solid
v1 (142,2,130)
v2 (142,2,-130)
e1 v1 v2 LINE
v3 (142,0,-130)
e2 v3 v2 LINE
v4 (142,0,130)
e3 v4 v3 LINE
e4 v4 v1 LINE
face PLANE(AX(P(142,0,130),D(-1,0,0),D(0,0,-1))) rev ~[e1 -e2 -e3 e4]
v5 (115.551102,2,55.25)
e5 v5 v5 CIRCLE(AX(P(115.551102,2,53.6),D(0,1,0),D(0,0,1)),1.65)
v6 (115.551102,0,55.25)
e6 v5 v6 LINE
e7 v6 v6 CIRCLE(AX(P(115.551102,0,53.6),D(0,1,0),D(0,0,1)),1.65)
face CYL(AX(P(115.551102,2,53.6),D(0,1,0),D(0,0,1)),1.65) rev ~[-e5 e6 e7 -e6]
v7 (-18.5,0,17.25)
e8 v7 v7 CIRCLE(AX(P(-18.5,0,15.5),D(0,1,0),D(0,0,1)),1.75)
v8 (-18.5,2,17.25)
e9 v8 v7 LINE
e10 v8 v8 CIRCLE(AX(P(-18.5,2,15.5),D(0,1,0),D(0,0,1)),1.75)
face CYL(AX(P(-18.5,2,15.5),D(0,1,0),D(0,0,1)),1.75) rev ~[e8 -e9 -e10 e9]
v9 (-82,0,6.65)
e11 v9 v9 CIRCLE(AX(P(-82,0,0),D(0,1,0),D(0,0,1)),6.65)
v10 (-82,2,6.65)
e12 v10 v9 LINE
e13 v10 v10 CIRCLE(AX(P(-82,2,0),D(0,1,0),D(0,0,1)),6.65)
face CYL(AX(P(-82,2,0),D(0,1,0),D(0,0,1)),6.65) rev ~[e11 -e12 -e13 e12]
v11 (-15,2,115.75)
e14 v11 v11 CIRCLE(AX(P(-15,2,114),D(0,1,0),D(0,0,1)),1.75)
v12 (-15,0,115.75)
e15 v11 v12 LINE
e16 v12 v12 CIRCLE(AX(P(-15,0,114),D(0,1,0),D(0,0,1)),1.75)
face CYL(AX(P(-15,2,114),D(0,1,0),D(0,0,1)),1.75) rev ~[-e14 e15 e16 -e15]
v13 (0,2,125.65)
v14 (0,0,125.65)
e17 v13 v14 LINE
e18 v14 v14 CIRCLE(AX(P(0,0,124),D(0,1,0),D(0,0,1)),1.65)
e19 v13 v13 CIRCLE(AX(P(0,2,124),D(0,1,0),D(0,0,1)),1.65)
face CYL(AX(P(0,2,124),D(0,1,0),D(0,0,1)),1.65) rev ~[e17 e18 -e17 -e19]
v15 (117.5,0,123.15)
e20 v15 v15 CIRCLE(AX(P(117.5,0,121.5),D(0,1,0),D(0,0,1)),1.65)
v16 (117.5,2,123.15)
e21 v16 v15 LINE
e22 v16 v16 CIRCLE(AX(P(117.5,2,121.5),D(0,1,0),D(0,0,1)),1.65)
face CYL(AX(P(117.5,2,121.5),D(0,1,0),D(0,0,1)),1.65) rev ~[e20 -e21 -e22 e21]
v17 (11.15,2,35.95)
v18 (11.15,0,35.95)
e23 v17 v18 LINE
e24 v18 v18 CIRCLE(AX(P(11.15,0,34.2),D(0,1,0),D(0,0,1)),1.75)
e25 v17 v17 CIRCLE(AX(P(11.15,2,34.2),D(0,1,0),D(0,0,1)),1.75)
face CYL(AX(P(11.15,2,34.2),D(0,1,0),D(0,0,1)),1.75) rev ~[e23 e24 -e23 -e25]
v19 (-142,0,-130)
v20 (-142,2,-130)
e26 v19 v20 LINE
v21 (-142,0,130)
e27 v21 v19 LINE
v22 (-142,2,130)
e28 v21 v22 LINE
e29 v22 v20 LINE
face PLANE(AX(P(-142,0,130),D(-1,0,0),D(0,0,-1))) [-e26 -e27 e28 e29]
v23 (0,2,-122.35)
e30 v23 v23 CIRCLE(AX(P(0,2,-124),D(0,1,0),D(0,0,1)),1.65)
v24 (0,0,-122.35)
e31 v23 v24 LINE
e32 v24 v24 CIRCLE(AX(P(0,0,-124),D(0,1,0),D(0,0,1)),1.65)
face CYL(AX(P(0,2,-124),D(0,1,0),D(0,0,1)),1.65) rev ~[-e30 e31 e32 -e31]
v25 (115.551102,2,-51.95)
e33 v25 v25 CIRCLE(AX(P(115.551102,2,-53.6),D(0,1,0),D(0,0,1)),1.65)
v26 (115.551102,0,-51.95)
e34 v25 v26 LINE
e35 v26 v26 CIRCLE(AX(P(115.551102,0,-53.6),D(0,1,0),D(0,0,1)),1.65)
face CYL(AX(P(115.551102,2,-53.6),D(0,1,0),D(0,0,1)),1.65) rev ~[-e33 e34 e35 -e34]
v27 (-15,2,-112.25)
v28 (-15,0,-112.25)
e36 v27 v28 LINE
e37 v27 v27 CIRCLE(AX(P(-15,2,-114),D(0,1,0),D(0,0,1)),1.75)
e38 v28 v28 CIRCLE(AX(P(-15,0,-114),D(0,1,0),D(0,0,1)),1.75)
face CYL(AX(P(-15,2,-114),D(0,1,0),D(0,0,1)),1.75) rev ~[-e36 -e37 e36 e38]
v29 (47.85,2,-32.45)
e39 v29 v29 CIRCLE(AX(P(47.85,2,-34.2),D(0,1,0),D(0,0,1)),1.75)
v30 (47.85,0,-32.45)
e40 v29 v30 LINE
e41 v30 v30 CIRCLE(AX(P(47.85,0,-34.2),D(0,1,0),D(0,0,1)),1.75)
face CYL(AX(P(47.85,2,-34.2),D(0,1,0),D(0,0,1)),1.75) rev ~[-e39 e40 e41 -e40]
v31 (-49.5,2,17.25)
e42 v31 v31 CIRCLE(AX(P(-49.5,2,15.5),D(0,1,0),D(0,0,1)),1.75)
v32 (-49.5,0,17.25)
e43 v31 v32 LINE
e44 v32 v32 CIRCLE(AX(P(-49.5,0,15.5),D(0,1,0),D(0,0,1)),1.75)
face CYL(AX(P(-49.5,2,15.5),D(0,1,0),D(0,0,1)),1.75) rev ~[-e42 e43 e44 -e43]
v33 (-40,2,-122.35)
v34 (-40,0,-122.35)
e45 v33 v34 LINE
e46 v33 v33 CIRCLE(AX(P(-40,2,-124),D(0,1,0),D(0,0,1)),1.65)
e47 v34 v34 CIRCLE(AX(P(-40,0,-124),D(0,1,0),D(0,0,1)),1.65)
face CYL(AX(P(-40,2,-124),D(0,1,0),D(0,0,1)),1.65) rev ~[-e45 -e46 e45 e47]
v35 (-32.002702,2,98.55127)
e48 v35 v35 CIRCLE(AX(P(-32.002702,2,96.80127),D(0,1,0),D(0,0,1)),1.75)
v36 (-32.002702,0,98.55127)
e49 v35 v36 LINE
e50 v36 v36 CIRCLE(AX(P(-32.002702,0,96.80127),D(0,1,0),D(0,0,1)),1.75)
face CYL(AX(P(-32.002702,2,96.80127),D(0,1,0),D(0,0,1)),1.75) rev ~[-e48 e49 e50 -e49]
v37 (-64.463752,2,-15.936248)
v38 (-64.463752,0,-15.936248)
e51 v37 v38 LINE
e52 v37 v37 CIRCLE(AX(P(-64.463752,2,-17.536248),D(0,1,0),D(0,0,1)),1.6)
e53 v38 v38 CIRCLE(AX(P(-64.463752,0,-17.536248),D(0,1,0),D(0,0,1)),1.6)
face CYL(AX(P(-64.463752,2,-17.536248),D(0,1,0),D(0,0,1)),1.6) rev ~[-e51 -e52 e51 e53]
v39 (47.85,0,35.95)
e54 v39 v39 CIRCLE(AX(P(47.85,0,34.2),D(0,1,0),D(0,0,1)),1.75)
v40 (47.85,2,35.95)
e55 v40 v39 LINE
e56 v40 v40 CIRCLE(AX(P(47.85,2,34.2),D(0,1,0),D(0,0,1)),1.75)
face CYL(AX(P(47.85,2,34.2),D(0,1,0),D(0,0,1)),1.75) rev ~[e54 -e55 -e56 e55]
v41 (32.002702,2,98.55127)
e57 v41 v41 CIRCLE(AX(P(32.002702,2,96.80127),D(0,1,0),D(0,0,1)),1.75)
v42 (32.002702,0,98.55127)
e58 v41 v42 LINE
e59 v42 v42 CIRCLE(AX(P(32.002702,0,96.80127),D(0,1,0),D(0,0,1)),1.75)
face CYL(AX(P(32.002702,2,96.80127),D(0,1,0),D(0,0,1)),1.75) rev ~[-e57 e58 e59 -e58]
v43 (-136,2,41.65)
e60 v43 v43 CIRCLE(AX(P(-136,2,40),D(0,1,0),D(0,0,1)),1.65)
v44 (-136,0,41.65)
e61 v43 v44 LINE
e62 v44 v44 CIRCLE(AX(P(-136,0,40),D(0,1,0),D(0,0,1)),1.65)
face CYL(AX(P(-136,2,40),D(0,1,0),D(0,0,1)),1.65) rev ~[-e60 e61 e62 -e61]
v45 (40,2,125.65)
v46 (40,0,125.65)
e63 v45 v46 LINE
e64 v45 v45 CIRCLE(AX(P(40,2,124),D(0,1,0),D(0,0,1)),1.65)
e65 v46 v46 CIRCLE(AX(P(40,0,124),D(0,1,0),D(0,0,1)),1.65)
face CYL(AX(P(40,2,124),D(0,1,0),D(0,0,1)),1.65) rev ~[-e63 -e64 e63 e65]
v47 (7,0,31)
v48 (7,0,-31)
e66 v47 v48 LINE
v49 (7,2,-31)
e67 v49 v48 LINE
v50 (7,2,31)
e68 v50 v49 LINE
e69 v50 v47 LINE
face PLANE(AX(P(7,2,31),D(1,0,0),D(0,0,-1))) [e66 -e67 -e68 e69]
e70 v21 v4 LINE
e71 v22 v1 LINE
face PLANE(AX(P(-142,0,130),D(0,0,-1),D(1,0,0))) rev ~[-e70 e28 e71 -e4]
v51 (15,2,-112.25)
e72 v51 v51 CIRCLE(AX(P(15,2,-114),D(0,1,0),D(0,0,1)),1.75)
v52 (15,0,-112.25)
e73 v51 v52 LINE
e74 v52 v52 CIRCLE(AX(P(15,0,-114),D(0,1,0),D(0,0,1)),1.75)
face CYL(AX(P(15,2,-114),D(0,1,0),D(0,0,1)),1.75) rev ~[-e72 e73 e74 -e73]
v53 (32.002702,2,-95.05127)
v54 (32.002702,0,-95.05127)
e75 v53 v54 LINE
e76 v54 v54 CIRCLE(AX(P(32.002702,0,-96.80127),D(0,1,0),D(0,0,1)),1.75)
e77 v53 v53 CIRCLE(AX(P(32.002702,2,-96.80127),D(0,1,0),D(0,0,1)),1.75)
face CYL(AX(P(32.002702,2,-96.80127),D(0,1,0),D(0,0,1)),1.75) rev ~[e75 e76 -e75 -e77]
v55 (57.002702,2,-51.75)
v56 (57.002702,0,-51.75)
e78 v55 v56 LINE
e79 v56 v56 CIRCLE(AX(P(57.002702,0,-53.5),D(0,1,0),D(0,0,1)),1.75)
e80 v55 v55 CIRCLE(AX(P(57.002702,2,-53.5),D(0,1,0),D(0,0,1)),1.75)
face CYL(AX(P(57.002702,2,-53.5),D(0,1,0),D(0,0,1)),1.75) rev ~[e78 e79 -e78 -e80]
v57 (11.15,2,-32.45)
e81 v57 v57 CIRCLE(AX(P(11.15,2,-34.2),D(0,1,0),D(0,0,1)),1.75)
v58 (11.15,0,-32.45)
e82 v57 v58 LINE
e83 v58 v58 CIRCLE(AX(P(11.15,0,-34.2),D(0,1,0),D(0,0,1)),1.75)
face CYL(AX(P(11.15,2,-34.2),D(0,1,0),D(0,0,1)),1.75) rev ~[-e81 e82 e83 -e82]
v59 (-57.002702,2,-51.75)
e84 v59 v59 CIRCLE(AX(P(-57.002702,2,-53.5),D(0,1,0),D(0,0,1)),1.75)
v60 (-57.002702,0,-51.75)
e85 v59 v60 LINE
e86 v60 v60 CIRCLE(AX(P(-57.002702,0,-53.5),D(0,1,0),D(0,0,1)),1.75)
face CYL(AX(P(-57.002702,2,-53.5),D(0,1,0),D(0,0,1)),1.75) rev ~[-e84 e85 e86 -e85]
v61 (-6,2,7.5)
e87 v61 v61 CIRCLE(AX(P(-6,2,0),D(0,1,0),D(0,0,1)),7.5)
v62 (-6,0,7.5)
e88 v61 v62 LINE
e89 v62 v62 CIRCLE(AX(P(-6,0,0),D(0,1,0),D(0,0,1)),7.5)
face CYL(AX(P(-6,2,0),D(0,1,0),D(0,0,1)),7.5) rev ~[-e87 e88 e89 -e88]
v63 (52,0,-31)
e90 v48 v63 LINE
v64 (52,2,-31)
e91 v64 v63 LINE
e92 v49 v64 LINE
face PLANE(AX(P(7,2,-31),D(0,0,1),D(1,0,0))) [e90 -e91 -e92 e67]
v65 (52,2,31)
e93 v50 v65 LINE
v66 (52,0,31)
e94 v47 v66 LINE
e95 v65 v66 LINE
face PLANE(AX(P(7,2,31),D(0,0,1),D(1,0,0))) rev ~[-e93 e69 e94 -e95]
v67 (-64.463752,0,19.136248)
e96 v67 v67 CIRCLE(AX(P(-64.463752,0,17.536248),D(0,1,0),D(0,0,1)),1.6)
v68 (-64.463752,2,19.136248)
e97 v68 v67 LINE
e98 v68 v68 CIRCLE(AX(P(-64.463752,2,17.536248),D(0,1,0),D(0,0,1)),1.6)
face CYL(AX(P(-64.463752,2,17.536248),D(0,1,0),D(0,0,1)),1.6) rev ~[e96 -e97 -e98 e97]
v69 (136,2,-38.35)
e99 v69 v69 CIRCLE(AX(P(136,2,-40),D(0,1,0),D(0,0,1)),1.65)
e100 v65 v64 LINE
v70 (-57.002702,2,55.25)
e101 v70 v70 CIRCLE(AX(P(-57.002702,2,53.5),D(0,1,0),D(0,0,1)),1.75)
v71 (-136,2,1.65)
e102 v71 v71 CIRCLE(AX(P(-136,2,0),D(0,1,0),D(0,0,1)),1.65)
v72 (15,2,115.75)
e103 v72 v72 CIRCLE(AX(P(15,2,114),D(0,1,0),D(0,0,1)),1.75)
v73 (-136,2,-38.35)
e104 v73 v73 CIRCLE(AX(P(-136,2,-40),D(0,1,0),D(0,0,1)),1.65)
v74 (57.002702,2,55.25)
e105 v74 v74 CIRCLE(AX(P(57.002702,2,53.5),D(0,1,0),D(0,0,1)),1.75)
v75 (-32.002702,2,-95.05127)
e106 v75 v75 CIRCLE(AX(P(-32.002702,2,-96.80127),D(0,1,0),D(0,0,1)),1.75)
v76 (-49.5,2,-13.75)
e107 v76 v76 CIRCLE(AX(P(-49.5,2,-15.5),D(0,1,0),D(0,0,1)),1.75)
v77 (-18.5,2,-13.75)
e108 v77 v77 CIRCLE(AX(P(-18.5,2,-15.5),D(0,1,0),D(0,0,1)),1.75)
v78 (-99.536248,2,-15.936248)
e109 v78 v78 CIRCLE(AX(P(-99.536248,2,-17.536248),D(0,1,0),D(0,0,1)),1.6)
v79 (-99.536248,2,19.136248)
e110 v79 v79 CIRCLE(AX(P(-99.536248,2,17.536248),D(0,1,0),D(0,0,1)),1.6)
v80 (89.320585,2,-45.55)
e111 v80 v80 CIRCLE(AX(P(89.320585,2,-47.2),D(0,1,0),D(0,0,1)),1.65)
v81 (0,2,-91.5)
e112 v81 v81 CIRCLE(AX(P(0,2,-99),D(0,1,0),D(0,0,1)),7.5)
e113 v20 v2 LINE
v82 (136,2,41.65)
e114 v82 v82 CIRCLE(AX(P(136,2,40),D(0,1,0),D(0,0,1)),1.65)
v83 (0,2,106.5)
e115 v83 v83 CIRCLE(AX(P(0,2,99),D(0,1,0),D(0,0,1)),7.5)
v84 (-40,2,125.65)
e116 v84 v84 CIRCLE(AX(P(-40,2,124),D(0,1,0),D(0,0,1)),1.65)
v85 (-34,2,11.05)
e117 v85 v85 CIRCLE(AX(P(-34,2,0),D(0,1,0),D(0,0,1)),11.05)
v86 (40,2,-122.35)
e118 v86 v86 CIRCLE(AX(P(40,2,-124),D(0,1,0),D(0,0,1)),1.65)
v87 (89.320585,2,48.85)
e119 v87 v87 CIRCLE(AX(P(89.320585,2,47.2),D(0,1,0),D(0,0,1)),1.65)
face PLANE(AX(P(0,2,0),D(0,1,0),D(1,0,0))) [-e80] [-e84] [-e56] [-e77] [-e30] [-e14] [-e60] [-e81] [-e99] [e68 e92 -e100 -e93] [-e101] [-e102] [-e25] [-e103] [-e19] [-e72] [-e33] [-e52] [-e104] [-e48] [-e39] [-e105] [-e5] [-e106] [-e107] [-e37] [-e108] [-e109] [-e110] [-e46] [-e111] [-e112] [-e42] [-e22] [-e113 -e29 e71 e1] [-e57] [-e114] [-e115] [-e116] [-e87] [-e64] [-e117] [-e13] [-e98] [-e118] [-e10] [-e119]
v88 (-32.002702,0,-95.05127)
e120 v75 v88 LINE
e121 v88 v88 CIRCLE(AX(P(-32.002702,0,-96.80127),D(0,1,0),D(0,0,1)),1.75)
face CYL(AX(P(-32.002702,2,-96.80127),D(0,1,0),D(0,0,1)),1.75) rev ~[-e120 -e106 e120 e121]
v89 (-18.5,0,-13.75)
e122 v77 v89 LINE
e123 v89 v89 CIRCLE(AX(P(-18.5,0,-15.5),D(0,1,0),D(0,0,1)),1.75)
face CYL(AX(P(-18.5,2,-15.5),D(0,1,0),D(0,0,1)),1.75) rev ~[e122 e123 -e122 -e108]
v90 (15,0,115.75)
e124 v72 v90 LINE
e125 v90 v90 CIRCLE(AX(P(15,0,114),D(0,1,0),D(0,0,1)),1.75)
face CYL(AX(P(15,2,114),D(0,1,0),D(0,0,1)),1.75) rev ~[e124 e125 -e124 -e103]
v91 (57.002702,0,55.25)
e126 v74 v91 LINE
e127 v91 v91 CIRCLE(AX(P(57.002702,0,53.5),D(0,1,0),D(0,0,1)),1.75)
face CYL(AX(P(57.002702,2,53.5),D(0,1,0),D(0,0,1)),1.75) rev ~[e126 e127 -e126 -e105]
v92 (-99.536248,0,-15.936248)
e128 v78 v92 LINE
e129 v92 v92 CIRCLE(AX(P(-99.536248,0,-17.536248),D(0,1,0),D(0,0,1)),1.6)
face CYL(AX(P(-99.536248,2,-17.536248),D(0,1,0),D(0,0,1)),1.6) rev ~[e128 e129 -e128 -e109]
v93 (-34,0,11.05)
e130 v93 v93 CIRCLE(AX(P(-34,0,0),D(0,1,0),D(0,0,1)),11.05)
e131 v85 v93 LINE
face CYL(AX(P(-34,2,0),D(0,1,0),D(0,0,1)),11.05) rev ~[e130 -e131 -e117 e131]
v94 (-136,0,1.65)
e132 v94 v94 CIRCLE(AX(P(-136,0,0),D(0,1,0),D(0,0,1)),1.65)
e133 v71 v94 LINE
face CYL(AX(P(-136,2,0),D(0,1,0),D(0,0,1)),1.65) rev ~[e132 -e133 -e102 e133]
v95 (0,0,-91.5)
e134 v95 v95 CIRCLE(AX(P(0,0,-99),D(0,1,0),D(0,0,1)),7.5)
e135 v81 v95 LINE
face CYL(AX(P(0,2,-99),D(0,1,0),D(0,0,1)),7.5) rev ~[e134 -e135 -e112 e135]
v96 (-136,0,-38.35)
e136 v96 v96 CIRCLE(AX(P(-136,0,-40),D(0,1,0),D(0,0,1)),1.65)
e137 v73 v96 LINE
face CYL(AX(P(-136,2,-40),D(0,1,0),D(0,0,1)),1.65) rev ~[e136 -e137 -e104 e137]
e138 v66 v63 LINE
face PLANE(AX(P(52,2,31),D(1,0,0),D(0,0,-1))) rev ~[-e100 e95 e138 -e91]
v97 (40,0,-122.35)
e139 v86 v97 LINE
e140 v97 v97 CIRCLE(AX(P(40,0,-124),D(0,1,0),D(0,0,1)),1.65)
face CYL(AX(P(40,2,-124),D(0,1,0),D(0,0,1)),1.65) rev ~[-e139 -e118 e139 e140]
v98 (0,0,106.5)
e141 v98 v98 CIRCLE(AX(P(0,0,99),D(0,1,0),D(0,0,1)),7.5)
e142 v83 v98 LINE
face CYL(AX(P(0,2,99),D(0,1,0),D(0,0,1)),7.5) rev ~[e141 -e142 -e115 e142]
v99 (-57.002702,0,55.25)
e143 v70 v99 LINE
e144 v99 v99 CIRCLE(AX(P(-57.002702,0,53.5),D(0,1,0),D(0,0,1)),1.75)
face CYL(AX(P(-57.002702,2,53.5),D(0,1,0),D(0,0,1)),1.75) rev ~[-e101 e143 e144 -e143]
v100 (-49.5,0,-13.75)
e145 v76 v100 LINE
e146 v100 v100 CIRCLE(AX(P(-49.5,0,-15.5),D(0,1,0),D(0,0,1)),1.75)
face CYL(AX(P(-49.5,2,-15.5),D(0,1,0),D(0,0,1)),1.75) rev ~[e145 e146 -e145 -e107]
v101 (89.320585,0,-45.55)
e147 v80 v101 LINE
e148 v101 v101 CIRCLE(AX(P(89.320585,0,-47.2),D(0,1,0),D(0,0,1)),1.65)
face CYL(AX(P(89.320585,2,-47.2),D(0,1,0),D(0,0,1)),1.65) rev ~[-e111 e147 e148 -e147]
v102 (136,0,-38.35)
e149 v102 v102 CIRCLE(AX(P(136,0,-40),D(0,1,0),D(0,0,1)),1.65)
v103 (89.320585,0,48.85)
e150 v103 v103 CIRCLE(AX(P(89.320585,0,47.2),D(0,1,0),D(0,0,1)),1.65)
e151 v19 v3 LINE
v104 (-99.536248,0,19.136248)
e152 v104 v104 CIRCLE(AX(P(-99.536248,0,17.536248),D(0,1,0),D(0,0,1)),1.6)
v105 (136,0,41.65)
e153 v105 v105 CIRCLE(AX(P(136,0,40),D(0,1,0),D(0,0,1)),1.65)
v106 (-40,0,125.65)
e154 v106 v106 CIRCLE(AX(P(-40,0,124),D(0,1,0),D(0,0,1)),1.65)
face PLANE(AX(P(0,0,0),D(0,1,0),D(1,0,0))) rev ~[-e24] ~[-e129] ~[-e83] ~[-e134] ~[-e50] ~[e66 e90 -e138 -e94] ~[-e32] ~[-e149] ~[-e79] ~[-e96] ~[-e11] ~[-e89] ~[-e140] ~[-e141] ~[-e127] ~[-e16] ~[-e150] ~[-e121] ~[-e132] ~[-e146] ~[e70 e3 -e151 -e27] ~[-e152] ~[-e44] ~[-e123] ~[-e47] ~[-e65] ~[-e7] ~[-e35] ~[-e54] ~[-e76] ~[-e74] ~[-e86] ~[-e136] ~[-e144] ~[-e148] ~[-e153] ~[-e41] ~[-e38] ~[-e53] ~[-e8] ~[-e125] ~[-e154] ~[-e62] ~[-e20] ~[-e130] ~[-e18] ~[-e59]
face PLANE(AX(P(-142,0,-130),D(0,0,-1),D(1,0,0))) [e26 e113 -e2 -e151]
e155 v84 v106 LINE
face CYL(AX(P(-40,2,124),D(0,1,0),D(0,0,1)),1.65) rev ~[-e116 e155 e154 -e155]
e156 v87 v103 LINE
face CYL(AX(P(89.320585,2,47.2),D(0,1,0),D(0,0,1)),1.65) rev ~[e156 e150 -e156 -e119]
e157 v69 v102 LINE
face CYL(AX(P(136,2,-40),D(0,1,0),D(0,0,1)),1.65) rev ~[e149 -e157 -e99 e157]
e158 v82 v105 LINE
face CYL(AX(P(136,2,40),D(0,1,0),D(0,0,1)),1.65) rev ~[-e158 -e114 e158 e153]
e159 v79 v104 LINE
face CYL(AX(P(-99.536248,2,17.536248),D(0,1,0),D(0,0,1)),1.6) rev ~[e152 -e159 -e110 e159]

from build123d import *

# Parameters (mm, degrees)
SKETCH_1_W          = 284
SKETCH_1_H          = 260
EXTRUDE_1_DEPTH     = 2
SKETCH_2_R          = 6.65
SKETCH_2_R_2        = 1.6
SKETCH_2_R_3        = 11.05
SKETCH_2_R_4        = 1.75
SKETCH_2_R_5        = 1.65
SKETCH_2_W          = 45
SKETCH_2_H          = 62
CUT_EXTRUDE_1_DEPTH = 10
SKETCH_3_R          = 1.75
CUT_EXTRUDE_2_DEPTH = 10
SKETCH_4_R          = 7.5
CUT_EXTRUDE_3_DEPTH = 10
SKETCH_5_R          = 1.75
CUT_EXTRUDE_4_DEPTH = 4.5


with BuildPart() as part:
    # 草图1 → 凸台-拉伸1 (new body)
    with BuildSketch(Plane(origin=(0, 0, 0), x_dir=(1, 0, 0), z_dir=(0, 1, 0))):
        Rectangle(SKETCH_1_W, SKETCH_1_H)
    extrude(amount=EXTRUDE_1_DEPTH)

    # 草图2 → 切除-拉伸1 (cut)
    with BuildSketch(Plane(origin=(0, 2, 0), x_dir=(1, 0, 0), z_dir=(0, 1, 0))):
        with Locations(Location((-82, 0, 0), (0, 0, 270))):
            Circle(SKETCH_2_R)
        with Locations(Location((-99.536248173, 17.536248173, 0), (0, 0, 270))):
            Circle(SKETCH_2_R_2)
        with Locations(Location((-64.463751827, 17.536248173, 0), (0, 0, 270))):
            Circle(SKETCH_2_R_2)
        with Locations(Location((-64.463751827, -17.536248173, 0), (0, 0, 270))):
            Circle(SKETCH_2_R_2)
        with Locations(Location((-99.536248173, -17.536248173, 0), (0, 0, 270))):
            Circle(SKETCH_2_R_2)
        with Locations(Location((-34, 0, 0), (0, 0, 270))):
            Circle(SKETCH_2_R_3)
        with Locations(Location((-18.5, 15.5, 0), (0, 0, 270))):
            Circle(SKETCH_2_R_4)
        with Locations(Location((-18.5, -15.5, 0), (0, 0, 270))):
            Circle(SKETCH_2_R_4)
        with Locations(Location((-49.5, -15.5, 0), (0, 0, 270))):
            Circle(SKETCH_2_R_4)
        with Locations(Location((-49.5, 15.5, 0), (0, 0, 270))):
            Circle(SKETCH_2_R_4)
        with Locations(Location((-40, 124, 0), (0, 0, 270))):
            Circle(SKETCH_2_R_5)
        with Locations(Location((0, 124, 0), (0, 0, 270))):
            Circle(SKETCH_2_R_5)
        with Locations(Location((40, 124, 0), (0, 0, 270))):
            Circle(SKETCH_2_R_5)
        with Locations(Location((117.5, -121.5, 0), (0, 0, 270))):
            Circle(SKETCH_2_R_5)
        with Locations(Location((40, -124, 0), (0, 0, 270))):
            Circle(SKETCH_2_R_5)
        with Locations(Location((0, -124, 0), (0, 0, 270))):
            Circle(SKETCH_2_R_5)
        with Locations(Location((-40, -124, 0), (0, 0, 270))):
            Circle(SKETCH_2_R_5)
        with Locations(Location((-136, 40, 0), (0, 0, 270))):
            Circle(SKETCH_2_R_5)
        with Locations(Location((-136, -40, 0), (0, 0, 270))):
            Circle(SKETCH_2_R_5)
        with Locations(Location((-136, 0, 0), (0, 0, 270))):
            Circle(SKETCH_2_R_5)
        with Locations(Location((136, 40, 0), (0, 0, 270))):
            Circle(SKETCH_2_R_5)
        with Locations(Location((136, -40, 0), (0, 0, 270))):
            Circle(SKETCH_2_R_5)
        with Locations(Location((115.551101602, -53.6, 0), (0, 0, 270))):
            Circle(SKETCH_2_R_5)
        with Locations(Location((89.320585023, -47.2, 0), (0, 0, 270))):
            Circle(SKETCH_2_R_5)
        with Locations(Location((115.551101602, 53.6, 0), (0, 0, 270))):
            Circle(SKETCH_2_R_5)
        with Locations(Location((89.320585023, 47.2, 0), (0, 0, 270))):
            Circle(SKETCH_2_R_5)
        with Locations(Location((11.15, -34.2, 0), (0, 0, 270))):
            Circle(SKETCH_2_R_4)
        with Locations(Location((47.85, -34.2, 0), (0, 0, 270))):
            Circle(SKETCH_2_R_4)
        with Locations(Location((47.85, 34.2, 0), (0, 0, 270))):
            Circle(SKETCH_2_R_4)
        with Locations(Location((11.15, 34.2, 0), (0, 0, 270))):
            Circle(SKETCH_2_R_4)
        with Locations((29.5, 0)):
            Rectangle(SKETCH_2_W, SKETCH_2_H)
    extrude(amount=-CUT_EXTRUDE_1_DEPTH, mode=Mode.SUBTRACT)

    # 草图3 → 切除-拉伸2 (cut)
    with BuildSketch(Plane(origin=(0, 2, 0), x_dir=(1, 0, 0), z_dir=(0, 1, 0))):
        with Locations(Location((15, -114, 0), (0, 0, 270))):
            Circle(SKETCH_3_R)
        with Locations(Location((-15, -114, 0), (0, 0, 270))):
            Circle(SKETCH_3_R)
        with Locations(Location((15, 114, 0), (0, 0, 270))):
            Circle(SKETCH_3_R)
        with Locations(Location((-15, 114, 0), (0, 0, 270))):
            Circle(SKETCH_3_R)
    extrude(amount=-CUT_EXTRUDE_2_DEPTH, mode=Mode.SUBTRACT)

    # 草图4 → 切除-拉伸3 (cut)
    with BuildSketch(Plane(origin=(0, 2, 0), x_dir=(1, 0, 0), z_dir=(0, 1, 0))):
        with Locations(Location((-6, 0, 0), (0, 0, 270))):
            Circle(SKETCH_4_R)
        with Locations(Location((0, 99, 0), (0, 0, 270))):
            Circle(SKETCH_4_R)
        with Locations(Location((0, -99, 0), (0, 0, 270))):
            Circle(SKETCH_4_R)
    extrude(amount=-CUT_EXTRUDE_3_DEPTH, mode=Mode.SUBTRACT)

    # 草图5 → 切除-拉伸4 (cut)
    with BuildSketch(Plane(origin=(0, 2, 0), x_dir=(1, 0, 0), z_dir=(0, 1, 0))):
        with Locations(Location((57.002701991, 53.5, 0), (0, 0, 270))):
            Circle(SKETCH_5_R)
        with Locations(Location((32.002701991, 96.801270189, 0), (0, 0, 270))):
            Circle(SKETCH_5_R)
        with Locations(Location((-32.002701991, 96.801270189, 0), (0, 0, 270))):
            Circle(SKETCH_5_R)
        with Locations(Location((-57.002701991, 53.5, 0), (0, 0, 270))):
            Circle(SKETCH_5_R)
        with Locations(Location((-57.002701991, -53.5, 0), (0, 0, 270))):
            Circle(SKETCH_5_R)
        with Locations(Location((-32.002701991, -96.801270189, 0), (0, 0, 270))):
            Circle(SKETCH_5_R)
        with Locations(Location((32.002701991, -96.801270189, 0), (0, 0, 270))):
            Circle(SKETCH_5_R)
        with Locations(Location((57.002701991, -53.5, 0), (0, 0, 270))):
            Circle(SKETCH_5_R)
    extrude(amount=-CUT_EXTRUDE_4_DEPTH, mode=Mode.SUBTRACT)


solid = part.part
